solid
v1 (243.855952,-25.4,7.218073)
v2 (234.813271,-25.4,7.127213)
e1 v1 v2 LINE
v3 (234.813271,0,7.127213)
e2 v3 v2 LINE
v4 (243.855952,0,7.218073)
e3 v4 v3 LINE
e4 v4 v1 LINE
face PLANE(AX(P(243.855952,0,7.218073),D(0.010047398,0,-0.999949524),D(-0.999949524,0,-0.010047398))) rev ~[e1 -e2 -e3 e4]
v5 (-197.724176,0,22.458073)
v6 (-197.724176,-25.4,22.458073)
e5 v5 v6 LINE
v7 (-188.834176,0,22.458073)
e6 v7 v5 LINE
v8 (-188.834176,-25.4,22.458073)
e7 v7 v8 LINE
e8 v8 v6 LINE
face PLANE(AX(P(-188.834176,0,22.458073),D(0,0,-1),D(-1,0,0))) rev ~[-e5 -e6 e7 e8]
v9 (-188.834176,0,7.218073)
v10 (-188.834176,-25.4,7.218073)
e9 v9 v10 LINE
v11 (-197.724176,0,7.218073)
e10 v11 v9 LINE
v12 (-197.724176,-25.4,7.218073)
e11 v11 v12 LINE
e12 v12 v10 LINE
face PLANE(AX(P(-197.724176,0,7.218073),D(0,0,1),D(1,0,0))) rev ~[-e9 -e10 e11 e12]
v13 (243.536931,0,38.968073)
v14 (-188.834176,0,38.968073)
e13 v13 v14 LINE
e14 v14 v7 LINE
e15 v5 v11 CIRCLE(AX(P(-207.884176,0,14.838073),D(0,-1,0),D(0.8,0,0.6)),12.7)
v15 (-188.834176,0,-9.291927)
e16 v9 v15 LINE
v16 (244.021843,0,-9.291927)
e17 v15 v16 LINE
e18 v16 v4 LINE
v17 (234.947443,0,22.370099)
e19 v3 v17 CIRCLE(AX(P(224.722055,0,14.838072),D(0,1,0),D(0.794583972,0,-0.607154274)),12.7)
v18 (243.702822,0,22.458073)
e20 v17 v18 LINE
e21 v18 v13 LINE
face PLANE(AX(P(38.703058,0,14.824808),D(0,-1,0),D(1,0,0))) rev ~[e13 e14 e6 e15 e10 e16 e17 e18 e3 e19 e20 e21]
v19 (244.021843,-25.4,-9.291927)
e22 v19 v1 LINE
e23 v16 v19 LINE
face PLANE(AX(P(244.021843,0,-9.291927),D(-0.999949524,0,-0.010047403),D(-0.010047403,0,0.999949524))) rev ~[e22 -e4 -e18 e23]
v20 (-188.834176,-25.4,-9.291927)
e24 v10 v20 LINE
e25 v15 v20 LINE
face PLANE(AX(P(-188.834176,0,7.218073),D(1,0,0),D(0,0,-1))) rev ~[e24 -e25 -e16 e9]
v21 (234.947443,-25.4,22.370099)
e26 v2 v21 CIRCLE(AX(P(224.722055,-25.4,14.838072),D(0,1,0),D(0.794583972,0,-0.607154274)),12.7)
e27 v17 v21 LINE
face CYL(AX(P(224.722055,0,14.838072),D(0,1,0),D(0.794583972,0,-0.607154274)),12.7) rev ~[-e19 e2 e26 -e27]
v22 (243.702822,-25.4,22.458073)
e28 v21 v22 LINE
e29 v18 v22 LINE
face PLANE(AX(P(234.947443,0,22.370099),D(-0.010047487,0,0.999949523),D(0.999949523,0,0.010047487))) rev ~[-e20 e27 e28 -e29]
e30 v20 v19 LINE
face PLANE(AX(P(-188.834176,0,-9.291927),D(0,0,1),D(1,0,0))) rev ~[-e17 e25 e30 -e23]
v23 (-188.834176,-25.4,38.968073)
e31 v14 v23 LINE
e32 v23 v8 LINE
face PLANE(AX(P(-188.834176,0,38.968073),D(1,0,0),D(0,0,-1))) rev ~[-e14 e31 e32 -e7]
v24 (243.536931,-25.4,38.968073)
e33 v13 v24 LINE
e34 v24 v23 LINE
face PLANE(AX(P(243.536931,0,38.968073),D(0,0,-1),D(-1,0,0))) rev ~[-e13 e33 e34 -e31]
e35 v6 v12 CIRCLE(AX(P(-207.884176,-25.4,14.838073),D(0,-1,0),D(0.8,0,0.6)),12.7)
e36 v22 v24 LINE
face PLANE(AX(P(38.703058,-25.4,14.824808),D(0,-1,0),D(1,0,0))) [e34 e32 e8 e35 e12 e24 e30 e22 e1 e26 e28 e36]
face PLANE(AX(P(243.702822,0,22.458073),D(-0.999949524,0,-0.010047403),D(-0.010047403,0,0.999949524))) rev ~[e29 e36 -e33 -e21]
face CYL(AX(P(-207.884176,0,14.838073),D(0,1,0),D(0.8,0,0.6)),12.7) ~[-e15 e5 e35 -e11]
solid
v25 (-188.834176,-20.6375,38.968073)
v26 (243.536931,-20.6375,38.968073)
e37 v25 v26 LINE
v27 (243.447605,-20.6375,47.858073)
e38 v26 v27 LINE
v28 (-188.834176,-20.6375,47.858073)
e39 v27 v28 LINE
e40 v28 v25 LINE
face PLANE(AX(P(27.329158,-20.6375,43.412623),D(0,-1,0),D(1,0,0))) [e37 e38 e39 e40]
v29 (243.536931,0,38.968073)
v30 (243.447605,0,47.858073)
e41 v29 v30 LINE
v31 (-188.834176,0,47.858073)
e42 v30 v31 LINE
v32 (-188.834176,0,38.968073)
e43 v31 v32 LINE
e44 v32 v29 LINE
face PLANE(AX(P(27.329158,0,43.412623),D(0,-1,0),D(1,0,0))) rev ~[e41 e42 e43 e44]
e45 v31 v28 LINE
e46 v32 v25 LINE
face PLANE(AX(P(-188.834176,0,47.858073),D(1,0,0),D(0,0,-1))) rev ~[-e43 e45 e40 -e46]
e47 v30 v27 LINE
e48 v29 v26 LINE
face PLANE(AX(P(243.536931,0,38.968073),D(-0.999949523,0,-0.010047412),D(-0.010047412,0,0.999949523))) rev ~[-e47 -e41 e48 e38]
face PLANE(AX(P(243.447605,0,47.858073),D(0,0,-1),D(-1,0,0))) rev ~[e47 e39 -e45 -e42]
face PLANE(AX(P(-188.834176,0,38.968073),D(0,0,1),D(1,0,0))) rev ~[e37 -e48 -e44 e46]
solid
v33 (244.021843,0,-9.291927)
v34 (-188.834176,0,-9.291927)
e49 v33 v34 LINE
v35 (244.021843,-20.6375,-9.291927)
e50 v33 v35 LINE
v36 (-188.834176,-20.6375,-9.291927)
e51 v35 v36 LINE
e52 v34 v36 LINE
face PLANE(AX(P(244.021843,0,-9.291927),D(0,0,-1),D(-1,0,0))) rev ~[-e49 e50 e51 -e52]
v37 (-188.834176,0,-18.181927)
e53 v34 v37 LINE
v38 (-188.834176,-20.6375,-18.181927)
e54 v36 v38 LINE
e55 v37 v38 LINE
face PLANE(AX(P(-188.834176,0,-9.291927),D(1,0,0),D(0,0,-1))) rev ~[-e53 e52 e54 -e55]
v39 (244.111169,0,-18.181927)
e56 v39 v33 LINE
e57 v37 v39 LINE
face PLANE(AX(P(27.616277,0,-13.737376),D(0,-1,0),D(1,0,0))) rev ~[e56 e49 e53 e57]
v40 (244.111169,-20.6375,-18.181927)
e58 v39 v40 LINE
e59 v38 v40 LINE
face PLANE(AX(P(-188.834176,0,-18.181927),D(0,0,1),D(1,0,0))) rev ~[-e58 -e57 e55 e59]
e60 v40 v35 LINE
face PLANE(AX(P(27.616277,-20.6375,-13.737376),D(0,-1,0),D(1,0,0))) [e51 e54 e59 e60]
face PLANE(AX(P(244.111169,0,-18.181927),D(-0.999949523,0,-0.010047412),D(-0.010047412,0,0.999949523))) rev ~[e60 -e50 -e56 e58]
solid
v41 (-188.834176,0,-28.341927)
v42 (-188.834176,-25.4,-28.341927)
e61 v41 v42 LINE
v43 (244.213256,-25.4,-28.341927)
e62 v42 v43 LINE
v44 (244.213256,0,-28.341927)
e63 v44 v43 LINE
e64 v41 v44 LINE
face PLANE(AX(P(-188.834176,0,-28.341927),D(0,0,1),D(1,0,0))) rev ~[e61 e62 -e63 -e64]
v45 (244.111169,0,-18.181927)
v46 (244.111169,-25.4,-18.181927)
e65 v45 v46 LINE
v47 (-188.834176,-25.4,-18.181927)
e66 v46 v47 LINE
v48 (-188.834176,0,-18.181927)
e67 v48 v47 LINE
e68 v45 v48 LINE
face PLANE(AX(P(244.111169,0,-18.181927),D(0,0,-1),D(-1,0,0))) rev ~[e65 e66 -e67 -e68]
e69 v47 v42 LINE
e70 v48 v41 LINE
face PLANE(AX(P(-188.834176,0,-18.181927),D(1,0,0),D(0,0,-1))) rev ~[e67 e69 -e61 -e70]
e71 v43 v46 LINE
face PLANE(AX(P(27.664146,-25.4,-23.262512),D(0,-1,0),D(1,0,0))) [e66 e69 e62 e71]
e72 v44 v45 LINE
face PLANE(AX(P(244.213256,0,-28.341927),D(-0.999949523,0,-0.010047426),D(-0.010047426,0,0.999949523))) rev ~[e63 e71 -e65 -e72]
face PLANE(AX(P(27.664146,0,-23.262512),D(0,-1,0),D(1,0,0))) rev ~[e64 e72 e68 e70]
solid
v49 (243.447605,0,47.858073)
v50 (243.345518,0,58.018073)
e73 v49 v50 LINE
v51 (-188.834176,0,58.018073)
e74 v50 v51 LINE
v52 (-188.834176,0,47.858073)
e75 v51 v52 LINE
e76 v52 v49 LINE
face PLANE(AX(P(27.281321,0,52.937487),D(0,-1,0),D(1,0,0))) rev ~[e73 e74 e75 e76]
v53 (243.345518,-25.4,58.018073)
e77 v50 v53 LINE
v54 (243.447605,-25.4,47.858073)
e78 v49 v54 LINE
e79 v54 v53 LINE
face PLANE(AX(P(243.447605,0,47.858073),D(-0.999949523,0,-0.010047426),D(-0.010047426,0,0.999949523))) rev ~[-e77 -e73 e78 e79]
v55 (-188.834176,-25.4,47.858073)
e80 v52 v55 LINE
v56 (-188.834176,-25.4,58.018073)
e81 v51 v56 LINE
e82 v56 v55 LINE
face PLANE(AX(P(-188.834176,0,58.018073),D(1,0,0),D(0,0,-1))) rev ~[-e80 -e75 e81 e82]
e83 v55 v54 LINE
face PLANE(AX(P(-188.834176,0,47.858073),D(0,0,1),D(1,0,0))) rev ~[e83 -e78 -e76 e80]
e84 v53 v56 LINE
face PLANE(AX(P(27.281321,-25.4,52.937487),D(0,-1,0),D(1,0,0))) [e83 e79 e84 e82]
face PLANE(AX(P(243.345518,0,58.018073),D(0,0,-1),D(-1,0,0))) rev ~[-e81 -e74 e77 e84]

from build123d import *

# Parameters (mm, degrees)
F1_DEPTH = 25.4
F2_DEPTH = 20.6375


with BuildPart() as f1:
    # F0 (on Front) → F1 (new body)
    with BuildSketch(Plane.XZ):
        with BuildLine():
            Line((243.536931, 38.968073), (-188.834176, 38.968073))
            Line((-188.834176, 38.968073), (-188.834176, 22.458073))
            Line((-188.834176, 22.458073), (-188.834176, 7.218073))
            Line((-188.834176, 7.218073), (-188.834176, -9.291927))
            Line((-188.834176, -9.291927), (244.021843, -9.291927))
            Line((244.021843, -9.291927), (243.855952, 7.218073))
            Line((243.855952, 7.218073), (234.813271, 7.127213))
            ThreePointArc((234.813271, 7.127213), (212.022547, 14.949858), (234.947443, 22.370099))
            Line((234.947443, 22.370099), (243.702822, 22.458073))
            Line((243.702822, 22.458073), (243.536931, 38.968073))
        make_face()
        Polygon((244.111169, -18.181927), (-188.834176, -18.181927), (-188.834176, -28.341927), (244.213256, -28.341927), align=None)
        with BuildLine():
            ThreePointArc((-195.184176, 14.838073), (-195.835898, 18.854165), (-197.724176, 22.458073))
            ThreePointArc((-197.724176, 22.458073), (-220.584176, 14.838073), (-197.724176, 7.218073))
            ThreePointArc((-197.724176, 7.218073), (-195.835898, 10.82198), (-195.184176, 14.838073))
        make_face()
        with BuildLine():
            Line((-188.834176, 7.218073), (-188.834176, 22.458073))
            Line((-188.834176, 22.458073), (-197.724176, 22.458073))
            ThreePointArc((-197.724176, 22.458073), (-195.835898, 18.854165), (-195.184176, 14.838073))
            ThreePointArc((-195.184176, 14.838073), (-195.835898, 10.82198), (-197.724176, 7.218073))
            Line((-197.724176, 7.218073), (-188.834176, 7.218073))
        make_face()
        Polygon((243.345518, 58.018073), (-188.834176, 58.018073), (-188.834176, 47.858073), (243.447605, 47.858073), align=None)
    extrude(amount=F1_DEPTH)


with BuildPart() as f2:
    # F0 (on Front) → F2 (new body)
    with BuildSketch(Plane.XZ):
        Polygon((243.447605, 47.858073), (-188.834176, 47.858073), (-188.834176, 38.968073), (243.536931, 38.968073), align=None)
        Polygon((244.021843, -9.291927), (-188.834176, -9.291927), (-188.834176, -18.181927), (244.111169, -18.181927), align=None)
    extrude(amount=F2_DEPTH)


solid = Compound([f1.part, f2.part])
